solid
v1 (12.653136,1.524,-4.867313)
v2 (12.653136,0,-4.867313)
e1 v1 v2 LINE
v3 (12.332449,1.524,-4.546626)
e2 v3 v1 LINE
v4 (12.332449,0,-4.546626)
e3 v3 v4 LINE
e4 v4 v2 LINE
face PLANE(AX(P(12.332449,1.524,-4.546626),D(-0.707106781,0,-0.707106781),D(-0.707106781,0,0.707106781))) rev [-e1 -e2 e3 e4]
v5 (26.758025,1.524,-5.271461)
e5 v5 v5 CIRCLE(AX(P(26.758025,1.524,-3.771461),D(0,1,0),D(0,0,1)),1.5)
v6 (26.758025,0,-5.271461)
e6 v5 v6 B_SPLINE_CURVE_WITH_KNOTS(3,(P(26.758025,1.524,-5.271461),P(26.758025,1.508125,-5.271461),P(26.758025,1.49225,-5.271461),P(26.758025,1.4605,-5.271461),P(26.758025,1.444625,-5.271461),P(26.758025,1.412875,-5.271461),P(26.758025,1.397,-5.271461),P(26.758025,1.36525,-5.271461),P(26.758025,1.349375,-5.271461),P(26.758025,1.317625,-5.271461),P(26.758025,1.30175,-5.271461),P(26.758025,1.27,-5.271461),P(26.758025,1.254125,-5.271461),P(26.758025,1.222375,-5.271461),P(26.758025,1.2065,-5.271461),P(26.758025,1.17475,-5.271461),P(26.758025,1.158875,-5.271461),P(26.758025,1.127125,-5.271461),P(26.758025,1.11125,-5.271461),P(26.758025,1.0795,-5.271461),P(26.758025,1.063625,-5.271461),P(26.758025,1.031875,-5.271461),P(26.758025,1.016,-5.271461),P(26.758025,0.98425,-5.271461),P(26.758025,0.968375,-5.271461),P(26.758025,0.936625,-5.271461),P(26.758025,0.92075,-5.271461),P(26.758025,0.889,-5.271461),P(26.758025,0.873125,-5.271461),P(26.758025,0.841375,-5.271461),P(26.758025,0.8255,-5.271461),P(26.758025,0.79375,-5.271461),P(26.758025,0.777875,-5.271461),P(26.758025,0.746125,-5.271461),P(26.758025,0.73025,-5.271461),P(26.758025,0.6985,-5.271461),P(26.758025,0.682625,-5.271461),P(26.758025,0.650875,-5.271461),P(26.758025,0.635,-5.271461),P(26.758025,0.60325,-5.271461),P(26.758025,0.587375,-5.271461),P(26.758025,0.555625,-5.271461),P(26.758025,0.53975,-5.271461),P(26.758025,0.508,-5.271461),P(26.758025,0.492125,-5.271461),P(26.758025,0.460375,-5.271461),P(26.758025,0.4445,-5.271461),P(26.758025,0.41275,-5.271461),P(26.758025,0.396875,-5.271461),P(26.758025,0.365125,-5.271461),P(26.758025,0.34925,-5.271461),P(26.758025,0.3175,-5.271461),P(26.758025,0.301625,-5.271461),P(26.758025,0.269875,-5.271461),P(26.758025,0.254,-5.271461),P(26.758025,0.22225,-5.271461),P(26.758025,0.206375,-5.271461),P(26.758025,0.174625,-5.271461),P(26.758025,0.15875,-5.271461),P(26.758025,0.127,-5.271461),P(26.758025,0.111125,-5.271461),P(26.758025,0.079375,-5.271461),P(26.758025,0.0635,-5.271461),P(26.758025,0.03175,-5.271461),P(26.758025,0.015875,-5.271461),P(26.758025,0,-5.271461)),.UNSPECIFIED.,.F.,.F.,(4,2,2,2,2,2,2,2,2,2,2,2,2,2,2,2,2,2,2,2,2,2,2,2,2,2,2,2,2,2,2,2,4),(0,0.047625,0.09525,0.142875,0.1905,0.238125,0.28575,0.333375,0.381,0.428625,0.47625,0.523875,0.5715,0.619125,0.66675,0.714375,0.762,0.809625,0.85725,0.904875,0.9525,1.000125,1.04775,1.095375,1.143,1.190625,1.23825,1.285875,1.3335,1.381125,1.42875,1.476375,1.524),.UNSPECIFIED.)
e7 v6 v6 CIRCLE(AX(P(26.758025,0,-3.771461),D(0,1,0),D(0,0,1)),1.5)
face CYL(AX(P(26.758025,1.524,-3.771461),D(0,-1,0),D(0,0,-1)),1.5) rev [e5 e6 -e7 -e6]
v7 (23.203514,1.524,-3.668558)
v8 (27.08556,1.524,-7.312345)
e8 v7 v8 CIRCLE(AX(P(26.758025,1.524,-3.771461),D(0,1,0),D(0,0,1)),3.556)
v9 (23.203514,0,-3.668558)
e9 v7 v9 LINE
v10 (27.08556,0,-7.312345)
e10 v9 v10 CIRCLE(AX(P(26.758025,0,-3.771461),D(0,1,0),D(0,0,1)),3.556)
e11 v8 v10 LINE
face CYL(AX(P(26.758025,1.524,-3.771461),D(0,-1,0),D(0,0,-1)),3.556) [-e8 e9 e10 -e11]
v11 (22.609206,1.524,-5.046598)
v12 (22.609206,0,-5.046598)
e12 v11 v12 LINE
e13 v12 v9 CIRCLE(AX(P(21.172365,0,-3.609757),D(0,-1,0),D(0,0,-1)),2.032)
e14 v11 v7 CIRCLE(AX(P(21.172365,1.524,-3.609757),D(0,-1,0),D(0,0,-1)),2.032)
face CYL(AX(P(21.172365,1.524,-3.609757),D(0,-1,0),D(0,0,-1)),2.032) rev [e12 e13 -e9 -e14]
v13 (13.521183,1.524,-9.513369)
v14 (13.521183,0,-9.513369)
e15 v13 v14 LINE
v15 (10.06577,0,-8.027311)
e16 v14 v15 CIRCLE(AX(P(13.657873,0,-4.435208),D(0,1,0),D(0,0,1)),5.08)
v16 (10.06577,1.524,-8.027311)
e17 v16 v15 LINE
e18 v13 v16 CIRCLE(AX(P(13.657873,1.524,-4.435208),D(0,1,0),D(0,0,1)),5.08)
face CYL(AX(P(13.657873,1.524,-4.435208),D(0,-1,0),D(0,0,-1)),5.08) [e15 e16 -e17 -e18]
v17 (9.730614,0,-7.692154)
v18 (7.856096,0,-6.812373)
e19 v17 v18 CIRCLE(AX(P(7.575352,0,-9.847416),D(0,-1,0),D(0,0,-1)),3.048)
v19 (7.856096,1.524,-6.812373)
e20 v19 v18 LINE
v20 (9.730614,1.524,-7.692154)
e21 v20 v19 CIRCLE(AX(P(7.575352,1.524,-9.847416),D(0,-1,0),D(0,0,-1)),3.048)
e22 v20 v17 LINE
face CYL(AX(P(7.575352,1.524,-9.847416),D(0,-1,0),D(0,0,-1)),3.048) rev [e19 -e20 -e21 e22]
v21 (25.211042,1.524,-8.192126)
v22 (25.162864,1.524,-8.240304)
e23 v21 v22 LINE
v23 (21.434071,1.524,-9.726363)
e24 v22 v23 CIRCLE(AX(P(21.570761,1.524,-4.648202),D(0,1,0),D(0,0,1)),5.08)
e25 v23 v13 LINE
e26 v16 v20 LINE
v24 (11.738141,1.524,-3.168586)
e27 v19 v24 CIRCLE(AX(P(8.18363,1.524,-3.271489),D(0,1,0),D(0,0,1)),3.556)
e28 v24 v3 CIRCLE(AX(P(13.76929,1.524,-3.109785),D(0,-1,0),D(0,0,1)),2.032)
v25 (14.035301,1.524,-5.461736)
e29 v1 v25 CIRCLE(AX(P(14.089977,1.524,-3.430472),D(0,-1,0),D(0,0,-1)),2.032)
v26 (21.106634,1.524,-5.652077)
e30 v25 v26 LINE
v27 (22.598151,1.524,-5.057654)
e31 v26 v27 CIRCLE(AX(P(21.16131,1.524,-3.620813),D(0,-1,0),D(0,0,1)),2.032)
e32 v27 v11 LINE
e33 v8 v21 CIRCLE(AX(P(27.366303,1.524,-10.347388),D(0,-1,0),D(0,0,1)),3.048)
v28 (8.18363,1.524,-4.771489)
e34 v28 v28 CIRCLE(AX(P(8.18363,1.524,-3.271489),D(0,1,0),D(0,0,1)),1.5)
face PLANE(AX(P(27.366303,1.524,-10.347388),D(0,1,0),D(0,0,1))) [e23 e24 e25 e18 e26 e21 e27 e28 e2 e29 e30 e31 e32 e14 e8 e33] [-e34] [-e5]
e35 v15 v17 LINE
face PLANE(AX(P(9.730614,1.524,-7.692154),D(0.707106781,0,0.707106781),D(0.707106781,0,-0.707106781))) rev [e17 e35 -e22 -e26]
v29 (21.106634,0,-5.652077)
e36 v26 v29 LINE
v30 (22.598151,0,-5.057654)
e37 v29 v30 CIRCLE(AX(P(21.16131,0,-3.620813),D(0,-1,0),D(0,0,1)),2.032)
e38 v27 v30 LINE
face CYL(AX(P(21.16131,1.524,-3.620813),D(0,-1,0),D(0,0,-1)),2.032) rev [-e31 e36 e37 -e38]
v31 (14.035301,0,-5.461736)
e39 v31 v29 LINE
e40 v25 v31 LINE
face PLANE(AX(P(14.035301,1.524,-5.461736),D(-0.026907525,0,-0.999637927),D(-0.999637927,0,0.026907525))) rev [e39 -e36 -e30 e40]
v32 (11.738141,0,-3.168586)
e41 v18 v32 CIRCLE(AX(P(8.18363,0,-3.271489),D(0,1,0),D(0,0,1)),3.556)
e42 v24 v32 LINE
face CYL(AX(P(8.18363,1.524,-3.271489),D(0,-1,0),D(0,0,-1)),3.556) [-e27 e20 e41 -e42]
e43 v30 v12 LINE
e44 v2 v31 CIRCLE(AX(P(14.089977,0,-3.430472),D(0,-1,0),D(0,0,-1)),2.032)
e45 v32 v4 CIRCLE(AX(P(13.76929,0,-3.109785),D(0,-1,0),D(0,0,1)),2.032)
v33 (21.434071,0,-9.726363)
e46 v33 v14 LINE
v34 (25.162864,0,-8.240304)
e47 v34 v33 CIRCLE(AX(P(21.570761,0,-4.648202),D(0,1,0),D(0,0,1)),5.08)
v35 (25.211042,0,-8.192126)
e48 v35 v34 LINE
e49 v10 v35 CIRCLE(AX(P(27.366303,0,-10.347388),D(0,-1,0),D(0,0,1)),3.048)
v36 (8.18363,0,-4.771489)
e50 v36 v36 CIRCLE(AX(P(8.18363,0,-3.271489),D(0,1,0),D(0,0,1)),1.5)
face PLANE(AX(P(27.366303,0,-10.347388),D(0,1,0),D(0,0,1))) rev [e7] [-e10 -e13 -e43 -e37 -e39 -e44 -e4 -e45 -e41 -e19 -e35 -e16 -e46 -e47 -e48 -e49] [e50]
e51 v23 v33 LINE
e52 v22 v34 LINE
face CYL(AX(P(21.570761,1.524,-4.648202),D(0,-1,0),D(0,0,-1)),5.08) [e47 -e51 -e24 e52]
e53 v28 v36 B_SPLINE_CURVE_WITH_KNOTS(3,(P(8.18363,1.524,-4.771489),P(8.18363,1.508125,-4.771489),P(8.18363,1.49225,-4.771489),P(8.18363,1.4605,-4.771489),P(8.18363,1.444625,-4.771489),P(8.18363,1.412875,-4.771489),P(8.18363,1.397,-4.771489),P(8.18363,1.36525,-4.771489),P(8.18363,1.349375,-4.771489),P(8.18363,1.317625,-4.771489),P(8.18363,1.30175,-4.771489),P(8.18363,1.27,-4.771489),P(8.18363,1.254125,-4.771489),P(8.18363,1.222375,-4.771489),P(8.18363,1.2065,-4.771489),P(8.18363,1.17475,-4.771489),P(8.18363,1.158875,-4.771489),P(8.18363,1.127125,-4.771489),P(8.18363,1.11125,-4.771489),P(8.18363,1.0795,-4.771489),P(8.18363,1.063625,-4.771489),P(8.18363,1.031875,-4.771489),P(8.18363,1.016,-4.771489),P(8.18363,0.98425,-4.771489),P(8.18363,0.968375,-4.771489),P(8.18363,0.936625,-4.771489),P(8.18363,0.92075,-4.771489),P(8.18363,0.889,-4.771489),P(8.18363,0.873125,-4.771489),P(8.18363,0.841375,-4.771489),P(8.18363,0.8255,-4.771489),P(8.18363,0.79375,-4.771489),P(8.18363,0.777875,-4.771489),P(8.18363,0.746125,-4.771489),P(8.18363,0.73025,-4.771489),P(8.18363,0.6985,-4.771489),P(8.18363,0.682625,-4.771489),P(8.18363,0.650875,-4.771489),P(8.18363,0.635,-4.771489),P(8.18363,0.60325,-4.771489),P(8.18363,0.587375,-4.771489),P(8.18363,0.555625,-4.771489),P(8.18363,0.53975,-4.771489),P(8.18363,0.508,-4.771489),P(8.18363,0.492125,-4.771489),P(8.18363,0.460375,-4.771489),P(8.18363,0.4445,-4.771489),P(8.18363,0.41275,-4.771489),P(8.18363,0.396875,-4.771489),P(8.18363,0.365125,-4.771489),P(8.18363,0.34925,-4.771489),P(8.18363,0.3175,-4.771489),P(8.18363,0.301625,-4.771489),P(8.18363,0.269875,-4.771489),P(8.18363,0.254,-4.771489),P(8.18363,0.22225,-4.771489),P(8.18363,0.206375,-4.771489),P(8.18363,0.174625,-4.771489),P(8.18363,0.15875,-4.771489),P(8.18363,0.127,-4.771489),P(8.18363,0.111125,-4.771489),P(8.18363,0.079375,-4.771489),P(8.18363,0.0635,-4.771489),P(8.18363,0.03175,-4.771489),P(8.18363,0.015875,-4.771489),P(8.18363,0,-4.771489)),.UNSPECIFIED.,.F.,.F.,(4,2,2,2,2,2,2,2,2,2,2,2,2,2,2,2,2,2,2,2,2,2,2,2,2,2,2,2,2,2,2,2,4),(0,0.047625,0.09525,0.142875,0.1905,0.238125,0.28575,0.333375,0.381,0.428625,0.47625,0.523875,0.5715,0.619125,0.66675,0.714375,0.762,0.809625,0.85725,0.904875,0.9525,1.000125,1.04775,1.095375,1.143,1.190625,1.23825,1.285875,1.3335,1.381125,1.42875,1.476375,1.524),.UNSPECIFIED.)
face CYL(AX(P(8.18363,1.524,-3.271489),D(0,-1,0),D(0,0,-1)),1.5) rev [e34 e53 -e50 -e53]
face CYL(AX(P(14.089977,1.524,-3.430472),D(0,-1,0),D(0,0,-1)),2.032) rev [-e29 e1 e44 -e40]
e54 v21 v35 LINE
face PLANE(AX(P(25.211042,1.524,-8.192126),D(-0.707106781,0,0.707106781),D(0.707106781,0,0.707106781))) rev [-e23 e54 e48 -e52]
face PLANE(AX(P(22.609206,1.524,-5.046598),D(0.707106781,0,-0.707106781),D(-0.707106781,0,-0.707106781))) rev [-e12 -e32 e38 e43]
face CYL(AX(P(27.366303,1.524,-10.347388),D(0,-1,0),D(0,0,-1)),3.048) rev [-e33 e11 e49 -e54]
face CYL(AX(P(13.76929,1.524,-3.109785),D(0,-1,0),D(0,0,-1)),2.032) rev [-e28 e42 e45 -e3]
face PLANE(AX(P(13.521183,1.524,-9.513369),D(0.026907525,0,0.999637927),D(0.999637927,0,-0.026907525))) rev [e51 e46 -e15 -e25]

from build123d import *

# Parameters (mm, degrees)
SKETCH1_R           = 1.5
BOSS_EXTRUDE1_DEPTH = 1.524


with BuildPart() as part:
    # Sketch1 → Boss-Extrude1 (new body)
    with BuildSketch(Plane(origin=(0, 0, 0), x_dir=(1, 0, 0), z_dir=(0, 1, 0))):
        with BuildLine():
            Line((14.035300806, 5.461735825), (21.10663358, 5.652076803))
            ThreePointArc((21.10663358, 5.652076803), (21.913592667, 5.50842857), (22.59815065, 5.057653515))
            Line((22.59815065, 5.057653515), (22.609206424, 5.046597741))
            ThreePointArc((22.609206424, 5.046597741), (23.038239741, 4.414453667), (23.203514475, 3.668558246))
            ThreePointArc((23.203514475, 3.668558246), (29.19167252, 1.17868297), (27.085559617, 7.312344528))
            ThreePointArc((27.085559617, 7.312344528), (26.071299756, 7.588172266), (25.211041867, 8.192126215))
            Line((25.211041867, 8.192126215), (25.162863778, 8.240304305))
            ThreePointArc((25.162863778, 8.240304305), (23.45146882, 9.367241942), (21.434071104, 9.726362525))
            Line((21.434071104, 9.726362525), (13.521182629, 9.513369165))
            ThreePointArc((13.521182629, 9.513369165), (11.650868629, 9.101934762), (10.065770406, 8.027310944))
            Line((10.065770406, 8.027310944), (9.730613659, 7.692154197))
            ThreePointArc((9.730613659, 7.692154197), (8.87035577, 7.088200248), (7.856095909, 6.81237251))
            ThreePointArc((7.856095909, 6.81237251), (5.749983006, 0.678710952), (11.738141051, 3.168586228))
            ThreePointArc((11.738141051, 3.168586228), (11.903415785, 3.914481649), (12.332449102, 4.546625723))
            Line((12.332449102, 4.546625723), (12.653135916, 4.867312537))
            ThreePointArc((12.653135916, 4.867312537), (13.287175206, 5.297162064), (14.035300806, 5.461735825))
        make_face()
        with Locations(Location((8.183630247, 3.271488826, 0), (0, 0, 90))):
            Circle(SKETCH1_R, mode=Mode.SUBTRACT)
        with Locations(Location((26.758025279, 3.771460844, 0), (0, 0, 90))):
            Circle(SKETCH1_R, mode=Mode.SUBTRACT)
    extrude(amount=BOSS_EXTRUDE1_DEPTH)


solid = part.part
